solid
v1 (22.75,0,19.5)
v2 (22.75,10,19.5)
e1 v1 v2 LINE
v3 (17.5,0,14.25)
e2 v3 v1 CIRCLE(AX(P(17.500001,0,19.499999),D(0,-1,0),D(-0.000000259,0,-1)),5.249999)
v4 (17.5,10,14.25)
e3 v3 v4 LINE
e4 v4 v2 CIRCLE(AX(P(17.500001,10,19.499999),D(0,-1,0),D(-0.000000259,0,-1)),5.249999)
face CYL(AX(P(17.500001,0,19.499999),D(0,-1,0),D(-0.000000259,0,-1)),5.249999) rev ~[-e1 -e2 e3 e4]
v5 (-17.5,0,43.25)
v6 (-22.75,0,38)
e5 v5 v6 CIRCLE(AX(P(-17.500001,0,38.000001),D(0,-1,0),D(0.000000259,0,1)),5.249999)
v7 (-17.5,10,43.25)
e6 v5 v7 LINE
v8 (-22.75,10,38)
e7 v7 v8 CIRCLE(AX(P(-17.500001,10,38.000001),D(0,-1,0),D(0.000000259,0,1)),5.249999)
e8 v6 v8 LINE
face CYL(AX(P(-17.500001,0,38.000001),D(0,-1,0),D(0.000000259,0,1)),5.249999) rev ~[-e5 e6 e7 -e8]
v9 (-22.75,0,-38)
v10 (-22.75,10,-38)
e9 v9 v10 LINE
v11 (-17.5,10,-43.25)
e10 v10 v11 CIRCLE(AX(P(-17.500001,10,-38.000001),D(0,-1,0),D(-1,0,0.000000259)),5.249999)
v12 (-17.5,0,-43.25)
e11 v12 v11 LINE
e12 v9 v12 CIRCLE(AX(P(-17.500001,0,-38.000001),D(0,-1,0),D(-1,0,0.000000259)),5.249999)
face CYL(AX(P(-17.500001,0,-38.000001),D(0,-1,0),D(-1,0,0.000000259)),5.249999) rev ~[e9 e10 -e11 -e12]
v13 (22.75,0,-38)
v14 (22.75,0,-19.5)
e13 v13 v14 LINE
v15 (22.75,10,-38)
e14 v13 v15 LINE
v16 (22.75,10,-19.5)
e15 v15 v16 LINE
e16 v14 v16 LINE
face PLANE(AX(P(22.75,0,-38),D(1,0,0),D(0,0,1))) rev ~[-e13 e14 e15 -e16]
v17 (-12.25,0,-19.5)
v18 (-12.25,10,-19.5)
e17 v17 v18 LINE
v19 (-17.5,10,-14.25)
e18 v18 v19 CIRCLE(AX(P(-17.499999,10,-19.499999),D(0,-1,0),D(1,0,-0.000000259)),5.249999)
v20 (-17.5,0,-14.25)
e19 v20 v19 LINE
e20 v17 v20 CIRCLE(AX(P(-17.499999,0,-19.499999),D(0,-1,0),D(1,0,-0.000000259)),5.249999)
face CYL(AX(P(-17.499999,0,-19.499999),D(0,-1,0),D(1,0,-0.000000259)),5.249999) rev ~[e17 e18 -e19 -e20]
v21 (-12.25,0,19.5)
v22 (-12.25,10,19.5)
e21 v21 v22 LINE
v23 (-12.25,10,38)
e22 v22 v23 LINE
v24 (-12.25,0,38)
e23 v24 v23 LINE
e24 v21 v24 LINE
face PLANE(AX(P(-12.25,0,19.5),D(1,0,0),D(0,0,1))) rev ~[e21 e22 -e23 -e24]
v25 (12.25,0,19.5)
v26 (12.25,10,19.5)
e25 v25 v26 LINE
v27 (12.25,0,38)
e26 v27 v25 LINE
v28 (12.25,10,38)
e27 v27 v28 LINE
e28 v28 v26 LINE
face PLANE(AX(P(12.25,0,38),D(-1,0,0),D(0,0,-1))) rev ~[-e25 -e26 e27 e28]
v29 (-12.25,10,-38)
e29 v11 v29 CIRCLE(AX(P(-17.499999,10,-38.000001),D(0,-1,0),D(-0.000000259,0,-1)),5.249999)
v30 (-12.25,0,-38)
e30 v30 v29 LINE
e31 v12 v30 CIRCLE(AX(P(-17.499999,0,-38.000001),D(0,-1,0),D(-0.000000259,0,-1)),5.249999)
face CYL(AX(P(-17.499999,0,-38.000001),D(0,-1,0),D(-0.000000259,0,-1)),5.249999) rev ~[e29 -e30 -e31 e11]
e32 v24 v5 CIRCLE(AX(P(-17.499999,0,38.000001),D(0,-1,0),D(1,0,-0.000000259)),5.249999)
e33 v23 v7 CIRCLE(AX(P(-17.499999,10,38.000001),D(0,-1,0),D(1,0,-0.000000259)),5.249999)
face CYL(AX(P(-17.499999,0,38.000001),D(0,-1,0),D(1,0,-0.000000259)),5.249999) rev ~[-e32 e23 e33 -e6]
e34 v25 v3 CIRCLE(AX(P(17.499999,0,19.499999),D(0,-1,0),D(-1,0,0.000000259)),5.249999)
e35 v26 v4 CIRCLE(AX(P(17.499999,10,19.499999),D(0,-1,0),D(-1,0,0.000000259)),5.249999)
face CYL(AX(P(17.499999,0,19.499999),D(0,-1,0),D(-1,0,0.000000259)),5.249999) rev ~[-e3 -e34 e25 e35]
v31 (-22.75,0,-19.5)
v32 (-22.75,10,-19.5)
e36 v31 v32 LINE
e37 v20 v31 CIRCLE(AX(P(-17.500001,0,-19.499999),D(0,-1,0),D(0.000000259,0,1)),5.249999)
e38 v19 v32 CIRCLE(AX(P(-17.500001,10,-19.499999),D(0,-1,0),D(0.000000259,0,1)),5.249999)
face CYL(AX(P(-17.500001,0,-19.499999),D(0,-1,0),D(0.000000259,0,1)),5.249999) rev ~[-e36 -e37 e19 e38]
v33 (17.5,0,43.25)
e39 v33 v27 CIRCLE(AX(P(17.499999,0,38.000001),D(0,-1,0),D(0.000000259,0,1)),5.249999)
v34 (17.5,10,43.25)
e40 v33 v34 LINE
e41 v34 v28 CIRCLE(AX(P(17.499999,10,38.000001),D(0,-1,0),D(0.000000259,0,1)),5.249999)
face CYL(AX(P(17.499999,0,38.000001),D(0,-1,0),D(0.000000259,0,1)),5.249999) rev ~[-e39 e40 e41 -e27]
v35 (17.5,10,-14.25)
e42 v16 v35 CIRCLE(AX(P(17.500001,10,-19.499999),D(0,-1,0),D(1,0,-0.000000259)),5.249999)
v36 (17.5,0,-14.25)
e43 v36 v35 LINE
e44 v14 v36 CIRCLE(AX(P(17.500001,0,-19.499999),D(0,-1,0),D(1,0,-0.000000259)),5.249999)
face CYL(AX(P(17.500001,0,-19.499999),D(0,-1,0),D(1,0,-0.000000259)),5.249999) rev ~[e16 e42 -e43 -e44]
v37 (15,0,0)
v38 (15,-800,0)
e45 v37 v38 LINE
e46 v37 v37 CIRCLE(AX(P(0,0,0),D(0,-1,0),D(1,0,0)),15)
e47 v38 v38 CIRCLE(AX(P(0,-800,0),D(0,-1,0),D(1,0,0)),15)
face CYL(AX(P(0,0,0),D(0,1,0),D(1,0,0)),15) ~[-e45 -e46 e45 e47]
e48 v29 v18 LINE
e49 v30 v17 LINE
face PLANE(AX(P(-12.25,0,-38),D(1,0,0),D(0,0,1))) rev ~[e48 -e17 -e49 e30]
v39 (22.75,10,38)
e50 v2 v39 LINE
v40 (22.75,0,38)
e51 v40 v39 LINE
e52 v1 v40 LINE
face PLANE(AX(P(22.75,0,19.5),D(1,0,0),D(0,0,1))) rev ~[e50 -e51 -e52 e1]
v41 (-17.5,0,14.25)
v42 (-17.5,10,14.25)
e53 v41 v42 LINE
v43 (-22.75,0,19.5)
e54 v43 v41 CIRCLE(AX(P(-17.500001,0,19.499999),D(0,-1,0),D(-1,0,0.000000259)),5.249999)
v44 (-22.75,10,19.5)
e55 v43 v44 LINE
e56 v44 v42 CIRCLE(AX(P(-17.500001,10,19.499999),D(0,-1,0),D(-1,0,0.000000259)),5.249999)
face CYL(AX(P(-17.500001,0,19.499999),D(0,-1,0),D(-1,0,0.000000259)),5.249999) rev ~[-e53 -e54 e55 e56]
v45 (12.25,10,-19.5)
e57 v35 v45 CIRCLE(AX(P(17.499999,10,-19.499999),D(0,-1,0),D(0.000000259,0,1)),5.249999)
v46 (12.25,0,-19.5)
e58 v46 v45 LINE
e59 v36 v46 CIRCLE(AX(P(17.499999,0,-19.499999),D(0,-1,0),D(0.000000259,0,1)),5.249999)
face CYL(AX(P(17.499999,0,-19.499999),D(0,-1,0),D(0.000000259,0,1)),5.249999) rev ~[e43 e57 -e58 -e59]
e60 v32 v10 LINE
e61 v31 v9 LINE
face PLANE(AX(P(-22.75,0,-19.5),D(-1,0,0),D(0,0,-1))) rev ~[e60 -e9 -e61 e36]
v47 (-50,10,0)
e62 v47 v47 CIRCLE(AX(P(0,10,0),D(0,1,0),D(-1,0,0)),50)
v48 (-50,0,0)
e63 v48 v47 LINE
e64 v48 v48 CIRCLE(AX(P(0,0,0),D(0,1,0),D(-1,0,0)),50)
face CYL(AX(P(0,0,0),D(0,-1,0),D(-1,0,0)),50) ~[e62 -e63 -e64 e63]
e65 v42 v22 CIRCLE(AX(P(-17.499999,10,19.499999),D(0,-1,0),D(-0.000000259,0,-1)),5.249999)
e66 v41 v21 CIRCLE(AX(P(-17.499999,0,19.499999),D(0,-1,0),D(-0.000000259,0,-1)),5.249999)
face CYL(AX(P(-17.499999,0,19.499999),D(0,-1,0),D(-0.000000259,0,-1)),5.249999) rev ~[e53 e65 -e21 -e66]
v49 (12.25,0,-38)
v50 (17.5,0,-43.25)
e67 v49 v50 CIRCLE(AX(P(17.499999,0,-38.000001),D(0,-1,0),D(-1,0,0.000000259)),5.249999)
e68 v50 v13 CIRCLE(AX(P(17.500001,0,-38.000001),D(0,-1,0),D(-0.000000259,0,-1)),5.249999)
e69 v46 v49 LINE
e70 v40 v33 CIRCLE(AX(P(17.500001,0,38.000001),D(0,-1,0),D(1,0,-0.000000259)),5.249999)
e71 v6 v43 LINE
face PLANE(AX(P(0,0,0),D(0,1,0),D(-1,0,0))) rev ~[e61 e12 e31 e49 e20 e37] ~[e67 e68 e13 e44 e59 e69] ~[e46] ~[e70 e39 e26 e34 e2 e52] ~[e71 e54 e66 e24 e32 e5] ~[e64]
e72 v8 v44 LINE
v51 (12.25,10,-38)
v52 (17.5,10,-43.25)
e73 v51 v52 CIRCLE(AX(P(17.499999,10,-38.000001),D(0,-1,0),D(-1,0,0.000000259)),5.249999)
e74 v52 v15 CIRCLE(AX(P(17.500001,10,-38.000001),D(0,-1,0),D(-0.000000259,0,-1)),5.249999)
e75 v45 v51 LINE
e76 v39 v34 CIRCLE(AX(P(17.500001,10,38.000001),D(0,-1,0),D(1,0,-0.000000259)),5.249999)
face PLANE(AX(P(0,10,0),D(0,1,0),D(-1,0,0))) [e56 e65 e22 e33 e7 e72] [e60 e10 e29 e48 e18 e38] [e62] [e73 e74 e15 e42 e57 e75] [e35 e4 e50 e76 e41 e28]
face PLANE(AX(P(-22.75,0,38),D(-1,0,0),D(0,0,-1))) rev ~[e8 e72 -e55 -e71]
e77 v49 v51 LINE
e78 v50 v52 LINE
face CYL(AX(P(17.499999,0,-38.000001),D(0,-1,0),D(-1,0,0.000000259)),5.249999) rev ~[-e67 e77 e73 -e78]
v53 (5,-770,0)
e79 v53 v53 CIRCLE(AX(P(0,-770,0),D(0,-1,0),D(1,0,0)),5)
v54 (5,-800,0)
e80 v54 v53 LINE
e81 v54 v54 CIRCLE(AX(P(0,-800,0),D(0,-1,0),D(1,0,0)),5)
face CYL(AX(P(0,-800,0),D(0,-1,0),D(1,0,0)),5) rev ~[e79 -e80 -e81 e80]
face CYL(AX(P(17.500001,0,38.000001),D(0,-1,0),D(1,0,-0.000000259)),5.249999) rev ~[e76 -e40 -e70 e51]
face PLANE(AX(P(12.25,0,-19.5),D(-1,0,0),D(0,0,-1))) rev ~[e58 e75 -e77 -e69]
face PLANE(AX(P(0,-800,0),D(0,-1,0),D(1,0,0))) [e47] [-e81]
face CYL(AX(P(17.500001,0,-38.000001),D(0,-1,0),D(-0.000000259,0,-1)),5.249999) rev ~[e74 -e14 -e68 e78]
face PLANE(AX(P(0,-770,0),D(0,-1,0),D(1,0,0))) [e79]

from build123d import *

# Parameters (mm, degrees)
F0_R     = 15
F1_DEPTH = 800
F2_R     = 50
F3_DEPTH = 10
F4_R     = 5
F5_DEPTH = 30


with BuildPart() as f1:
    # F0 (on Front) → F1 (new body)
    with BuildSketch(Plane.XZ):
        Circle(F0_R)
    extrude(amount=F1_DEPTH)

    # F2 (on face) → F3 (join)
    with BuildSketch(Plane(origin=(0, 0, 0), x_dir=(-1, 0, 0), z_dir=(0, 1, 0))):
        Circle(F2_R)
        with BuildLine():
            ThreePointArc((-17.5, -14.25), (-13.787689, -15.787689), (-12.25, -19.5))
            Line((-12.25, -19.5), (-12.25, -38))
            ThreePointArc((-12.25, -38), (-13.787689, -41.712311), (-17.5, -43.25))
            ThreePointArc((-17.5, -43.25), (-21.212311, -41.712311), (-22.75, -38))
            Line((-22.75, -38), (-22.75, -19.5))
            ThreePointArc((-22.75, -19.5), (-21.212311, -15.787689), (-17.5, -14.25))
        make_face(mode=Mode.SUBTRACT)
        with BuildLine():
            ThreePointArc((17.5, -14.25), (21.212311, -15.787689), (22.75, -19.5))
            Line((22.75, -19.5), (22.75, -38))
            ThreePointArc((22.75, -38), (21.212311, -41.712311), (17.5, -43.25))
            ThreePointArc((17.5, -43.25), (13.787689, -41.712311), (12.25, -38))
            Line((12.25, -38), (12.25, -19.5))
            ThreePointArc((12.25, -19.5), (13.787689, -15.787689), (17.5, -14.25))
        make_face(mode=Mode.SUBTRACT)
        with BuildLine():
            Line((-22.75, 19.5), (-22.75, 38))
            ThreePointArc((-22.75, 38), (-21.212311, 41.712311), (-17.5, 43.25))
            ThreePointArc((-17.5, 43.25), (-13.787689, 41.712311), (-12.25, 38))
            Line((-12.25, 38), (-12.25, 19.5))
            ThreePointArc((-12.25, 19.5), (-13.787689, 15.787689), (-17.5, 14.25))
            ThreePointArc((-17.5, 14.25), (-21.212311, 15.787689), (-22.75, 19.5))
        make_face(mode=Mode.SUBTRACT)
        with BuildLine():
            ThreePointArc((17.5, 43.25), (21.212311, 41.712311), (22.75, 38))
            Line((22.75, 38), (22.75, 19.5))
            ThreePointArc((22.75, 19.5), (21.212311, 15.787689), (17.5, 14.25))
            ThreePointArc((17.5, 14.25), (13.787689, 15.787689), (12.25, 19.5))
            Line((12.25, 19.5), (12.25, 38))
            ThreePointArc((12.25, 38), (13.787689, 41.712311), (17.5, 43.25))
        make_face(mode=Mode.SUBTRACT)
    extrude(amount=F3_DEPTH)

    # F4 (on face) → F5 (cut)
    with BuildSketch(Plane.XZ.offset(800)):
        Circle(F4_R)
    extrude(amount=-F5_DEPTH, mode=Mode.SUBTRACT)


solid = f1.part
